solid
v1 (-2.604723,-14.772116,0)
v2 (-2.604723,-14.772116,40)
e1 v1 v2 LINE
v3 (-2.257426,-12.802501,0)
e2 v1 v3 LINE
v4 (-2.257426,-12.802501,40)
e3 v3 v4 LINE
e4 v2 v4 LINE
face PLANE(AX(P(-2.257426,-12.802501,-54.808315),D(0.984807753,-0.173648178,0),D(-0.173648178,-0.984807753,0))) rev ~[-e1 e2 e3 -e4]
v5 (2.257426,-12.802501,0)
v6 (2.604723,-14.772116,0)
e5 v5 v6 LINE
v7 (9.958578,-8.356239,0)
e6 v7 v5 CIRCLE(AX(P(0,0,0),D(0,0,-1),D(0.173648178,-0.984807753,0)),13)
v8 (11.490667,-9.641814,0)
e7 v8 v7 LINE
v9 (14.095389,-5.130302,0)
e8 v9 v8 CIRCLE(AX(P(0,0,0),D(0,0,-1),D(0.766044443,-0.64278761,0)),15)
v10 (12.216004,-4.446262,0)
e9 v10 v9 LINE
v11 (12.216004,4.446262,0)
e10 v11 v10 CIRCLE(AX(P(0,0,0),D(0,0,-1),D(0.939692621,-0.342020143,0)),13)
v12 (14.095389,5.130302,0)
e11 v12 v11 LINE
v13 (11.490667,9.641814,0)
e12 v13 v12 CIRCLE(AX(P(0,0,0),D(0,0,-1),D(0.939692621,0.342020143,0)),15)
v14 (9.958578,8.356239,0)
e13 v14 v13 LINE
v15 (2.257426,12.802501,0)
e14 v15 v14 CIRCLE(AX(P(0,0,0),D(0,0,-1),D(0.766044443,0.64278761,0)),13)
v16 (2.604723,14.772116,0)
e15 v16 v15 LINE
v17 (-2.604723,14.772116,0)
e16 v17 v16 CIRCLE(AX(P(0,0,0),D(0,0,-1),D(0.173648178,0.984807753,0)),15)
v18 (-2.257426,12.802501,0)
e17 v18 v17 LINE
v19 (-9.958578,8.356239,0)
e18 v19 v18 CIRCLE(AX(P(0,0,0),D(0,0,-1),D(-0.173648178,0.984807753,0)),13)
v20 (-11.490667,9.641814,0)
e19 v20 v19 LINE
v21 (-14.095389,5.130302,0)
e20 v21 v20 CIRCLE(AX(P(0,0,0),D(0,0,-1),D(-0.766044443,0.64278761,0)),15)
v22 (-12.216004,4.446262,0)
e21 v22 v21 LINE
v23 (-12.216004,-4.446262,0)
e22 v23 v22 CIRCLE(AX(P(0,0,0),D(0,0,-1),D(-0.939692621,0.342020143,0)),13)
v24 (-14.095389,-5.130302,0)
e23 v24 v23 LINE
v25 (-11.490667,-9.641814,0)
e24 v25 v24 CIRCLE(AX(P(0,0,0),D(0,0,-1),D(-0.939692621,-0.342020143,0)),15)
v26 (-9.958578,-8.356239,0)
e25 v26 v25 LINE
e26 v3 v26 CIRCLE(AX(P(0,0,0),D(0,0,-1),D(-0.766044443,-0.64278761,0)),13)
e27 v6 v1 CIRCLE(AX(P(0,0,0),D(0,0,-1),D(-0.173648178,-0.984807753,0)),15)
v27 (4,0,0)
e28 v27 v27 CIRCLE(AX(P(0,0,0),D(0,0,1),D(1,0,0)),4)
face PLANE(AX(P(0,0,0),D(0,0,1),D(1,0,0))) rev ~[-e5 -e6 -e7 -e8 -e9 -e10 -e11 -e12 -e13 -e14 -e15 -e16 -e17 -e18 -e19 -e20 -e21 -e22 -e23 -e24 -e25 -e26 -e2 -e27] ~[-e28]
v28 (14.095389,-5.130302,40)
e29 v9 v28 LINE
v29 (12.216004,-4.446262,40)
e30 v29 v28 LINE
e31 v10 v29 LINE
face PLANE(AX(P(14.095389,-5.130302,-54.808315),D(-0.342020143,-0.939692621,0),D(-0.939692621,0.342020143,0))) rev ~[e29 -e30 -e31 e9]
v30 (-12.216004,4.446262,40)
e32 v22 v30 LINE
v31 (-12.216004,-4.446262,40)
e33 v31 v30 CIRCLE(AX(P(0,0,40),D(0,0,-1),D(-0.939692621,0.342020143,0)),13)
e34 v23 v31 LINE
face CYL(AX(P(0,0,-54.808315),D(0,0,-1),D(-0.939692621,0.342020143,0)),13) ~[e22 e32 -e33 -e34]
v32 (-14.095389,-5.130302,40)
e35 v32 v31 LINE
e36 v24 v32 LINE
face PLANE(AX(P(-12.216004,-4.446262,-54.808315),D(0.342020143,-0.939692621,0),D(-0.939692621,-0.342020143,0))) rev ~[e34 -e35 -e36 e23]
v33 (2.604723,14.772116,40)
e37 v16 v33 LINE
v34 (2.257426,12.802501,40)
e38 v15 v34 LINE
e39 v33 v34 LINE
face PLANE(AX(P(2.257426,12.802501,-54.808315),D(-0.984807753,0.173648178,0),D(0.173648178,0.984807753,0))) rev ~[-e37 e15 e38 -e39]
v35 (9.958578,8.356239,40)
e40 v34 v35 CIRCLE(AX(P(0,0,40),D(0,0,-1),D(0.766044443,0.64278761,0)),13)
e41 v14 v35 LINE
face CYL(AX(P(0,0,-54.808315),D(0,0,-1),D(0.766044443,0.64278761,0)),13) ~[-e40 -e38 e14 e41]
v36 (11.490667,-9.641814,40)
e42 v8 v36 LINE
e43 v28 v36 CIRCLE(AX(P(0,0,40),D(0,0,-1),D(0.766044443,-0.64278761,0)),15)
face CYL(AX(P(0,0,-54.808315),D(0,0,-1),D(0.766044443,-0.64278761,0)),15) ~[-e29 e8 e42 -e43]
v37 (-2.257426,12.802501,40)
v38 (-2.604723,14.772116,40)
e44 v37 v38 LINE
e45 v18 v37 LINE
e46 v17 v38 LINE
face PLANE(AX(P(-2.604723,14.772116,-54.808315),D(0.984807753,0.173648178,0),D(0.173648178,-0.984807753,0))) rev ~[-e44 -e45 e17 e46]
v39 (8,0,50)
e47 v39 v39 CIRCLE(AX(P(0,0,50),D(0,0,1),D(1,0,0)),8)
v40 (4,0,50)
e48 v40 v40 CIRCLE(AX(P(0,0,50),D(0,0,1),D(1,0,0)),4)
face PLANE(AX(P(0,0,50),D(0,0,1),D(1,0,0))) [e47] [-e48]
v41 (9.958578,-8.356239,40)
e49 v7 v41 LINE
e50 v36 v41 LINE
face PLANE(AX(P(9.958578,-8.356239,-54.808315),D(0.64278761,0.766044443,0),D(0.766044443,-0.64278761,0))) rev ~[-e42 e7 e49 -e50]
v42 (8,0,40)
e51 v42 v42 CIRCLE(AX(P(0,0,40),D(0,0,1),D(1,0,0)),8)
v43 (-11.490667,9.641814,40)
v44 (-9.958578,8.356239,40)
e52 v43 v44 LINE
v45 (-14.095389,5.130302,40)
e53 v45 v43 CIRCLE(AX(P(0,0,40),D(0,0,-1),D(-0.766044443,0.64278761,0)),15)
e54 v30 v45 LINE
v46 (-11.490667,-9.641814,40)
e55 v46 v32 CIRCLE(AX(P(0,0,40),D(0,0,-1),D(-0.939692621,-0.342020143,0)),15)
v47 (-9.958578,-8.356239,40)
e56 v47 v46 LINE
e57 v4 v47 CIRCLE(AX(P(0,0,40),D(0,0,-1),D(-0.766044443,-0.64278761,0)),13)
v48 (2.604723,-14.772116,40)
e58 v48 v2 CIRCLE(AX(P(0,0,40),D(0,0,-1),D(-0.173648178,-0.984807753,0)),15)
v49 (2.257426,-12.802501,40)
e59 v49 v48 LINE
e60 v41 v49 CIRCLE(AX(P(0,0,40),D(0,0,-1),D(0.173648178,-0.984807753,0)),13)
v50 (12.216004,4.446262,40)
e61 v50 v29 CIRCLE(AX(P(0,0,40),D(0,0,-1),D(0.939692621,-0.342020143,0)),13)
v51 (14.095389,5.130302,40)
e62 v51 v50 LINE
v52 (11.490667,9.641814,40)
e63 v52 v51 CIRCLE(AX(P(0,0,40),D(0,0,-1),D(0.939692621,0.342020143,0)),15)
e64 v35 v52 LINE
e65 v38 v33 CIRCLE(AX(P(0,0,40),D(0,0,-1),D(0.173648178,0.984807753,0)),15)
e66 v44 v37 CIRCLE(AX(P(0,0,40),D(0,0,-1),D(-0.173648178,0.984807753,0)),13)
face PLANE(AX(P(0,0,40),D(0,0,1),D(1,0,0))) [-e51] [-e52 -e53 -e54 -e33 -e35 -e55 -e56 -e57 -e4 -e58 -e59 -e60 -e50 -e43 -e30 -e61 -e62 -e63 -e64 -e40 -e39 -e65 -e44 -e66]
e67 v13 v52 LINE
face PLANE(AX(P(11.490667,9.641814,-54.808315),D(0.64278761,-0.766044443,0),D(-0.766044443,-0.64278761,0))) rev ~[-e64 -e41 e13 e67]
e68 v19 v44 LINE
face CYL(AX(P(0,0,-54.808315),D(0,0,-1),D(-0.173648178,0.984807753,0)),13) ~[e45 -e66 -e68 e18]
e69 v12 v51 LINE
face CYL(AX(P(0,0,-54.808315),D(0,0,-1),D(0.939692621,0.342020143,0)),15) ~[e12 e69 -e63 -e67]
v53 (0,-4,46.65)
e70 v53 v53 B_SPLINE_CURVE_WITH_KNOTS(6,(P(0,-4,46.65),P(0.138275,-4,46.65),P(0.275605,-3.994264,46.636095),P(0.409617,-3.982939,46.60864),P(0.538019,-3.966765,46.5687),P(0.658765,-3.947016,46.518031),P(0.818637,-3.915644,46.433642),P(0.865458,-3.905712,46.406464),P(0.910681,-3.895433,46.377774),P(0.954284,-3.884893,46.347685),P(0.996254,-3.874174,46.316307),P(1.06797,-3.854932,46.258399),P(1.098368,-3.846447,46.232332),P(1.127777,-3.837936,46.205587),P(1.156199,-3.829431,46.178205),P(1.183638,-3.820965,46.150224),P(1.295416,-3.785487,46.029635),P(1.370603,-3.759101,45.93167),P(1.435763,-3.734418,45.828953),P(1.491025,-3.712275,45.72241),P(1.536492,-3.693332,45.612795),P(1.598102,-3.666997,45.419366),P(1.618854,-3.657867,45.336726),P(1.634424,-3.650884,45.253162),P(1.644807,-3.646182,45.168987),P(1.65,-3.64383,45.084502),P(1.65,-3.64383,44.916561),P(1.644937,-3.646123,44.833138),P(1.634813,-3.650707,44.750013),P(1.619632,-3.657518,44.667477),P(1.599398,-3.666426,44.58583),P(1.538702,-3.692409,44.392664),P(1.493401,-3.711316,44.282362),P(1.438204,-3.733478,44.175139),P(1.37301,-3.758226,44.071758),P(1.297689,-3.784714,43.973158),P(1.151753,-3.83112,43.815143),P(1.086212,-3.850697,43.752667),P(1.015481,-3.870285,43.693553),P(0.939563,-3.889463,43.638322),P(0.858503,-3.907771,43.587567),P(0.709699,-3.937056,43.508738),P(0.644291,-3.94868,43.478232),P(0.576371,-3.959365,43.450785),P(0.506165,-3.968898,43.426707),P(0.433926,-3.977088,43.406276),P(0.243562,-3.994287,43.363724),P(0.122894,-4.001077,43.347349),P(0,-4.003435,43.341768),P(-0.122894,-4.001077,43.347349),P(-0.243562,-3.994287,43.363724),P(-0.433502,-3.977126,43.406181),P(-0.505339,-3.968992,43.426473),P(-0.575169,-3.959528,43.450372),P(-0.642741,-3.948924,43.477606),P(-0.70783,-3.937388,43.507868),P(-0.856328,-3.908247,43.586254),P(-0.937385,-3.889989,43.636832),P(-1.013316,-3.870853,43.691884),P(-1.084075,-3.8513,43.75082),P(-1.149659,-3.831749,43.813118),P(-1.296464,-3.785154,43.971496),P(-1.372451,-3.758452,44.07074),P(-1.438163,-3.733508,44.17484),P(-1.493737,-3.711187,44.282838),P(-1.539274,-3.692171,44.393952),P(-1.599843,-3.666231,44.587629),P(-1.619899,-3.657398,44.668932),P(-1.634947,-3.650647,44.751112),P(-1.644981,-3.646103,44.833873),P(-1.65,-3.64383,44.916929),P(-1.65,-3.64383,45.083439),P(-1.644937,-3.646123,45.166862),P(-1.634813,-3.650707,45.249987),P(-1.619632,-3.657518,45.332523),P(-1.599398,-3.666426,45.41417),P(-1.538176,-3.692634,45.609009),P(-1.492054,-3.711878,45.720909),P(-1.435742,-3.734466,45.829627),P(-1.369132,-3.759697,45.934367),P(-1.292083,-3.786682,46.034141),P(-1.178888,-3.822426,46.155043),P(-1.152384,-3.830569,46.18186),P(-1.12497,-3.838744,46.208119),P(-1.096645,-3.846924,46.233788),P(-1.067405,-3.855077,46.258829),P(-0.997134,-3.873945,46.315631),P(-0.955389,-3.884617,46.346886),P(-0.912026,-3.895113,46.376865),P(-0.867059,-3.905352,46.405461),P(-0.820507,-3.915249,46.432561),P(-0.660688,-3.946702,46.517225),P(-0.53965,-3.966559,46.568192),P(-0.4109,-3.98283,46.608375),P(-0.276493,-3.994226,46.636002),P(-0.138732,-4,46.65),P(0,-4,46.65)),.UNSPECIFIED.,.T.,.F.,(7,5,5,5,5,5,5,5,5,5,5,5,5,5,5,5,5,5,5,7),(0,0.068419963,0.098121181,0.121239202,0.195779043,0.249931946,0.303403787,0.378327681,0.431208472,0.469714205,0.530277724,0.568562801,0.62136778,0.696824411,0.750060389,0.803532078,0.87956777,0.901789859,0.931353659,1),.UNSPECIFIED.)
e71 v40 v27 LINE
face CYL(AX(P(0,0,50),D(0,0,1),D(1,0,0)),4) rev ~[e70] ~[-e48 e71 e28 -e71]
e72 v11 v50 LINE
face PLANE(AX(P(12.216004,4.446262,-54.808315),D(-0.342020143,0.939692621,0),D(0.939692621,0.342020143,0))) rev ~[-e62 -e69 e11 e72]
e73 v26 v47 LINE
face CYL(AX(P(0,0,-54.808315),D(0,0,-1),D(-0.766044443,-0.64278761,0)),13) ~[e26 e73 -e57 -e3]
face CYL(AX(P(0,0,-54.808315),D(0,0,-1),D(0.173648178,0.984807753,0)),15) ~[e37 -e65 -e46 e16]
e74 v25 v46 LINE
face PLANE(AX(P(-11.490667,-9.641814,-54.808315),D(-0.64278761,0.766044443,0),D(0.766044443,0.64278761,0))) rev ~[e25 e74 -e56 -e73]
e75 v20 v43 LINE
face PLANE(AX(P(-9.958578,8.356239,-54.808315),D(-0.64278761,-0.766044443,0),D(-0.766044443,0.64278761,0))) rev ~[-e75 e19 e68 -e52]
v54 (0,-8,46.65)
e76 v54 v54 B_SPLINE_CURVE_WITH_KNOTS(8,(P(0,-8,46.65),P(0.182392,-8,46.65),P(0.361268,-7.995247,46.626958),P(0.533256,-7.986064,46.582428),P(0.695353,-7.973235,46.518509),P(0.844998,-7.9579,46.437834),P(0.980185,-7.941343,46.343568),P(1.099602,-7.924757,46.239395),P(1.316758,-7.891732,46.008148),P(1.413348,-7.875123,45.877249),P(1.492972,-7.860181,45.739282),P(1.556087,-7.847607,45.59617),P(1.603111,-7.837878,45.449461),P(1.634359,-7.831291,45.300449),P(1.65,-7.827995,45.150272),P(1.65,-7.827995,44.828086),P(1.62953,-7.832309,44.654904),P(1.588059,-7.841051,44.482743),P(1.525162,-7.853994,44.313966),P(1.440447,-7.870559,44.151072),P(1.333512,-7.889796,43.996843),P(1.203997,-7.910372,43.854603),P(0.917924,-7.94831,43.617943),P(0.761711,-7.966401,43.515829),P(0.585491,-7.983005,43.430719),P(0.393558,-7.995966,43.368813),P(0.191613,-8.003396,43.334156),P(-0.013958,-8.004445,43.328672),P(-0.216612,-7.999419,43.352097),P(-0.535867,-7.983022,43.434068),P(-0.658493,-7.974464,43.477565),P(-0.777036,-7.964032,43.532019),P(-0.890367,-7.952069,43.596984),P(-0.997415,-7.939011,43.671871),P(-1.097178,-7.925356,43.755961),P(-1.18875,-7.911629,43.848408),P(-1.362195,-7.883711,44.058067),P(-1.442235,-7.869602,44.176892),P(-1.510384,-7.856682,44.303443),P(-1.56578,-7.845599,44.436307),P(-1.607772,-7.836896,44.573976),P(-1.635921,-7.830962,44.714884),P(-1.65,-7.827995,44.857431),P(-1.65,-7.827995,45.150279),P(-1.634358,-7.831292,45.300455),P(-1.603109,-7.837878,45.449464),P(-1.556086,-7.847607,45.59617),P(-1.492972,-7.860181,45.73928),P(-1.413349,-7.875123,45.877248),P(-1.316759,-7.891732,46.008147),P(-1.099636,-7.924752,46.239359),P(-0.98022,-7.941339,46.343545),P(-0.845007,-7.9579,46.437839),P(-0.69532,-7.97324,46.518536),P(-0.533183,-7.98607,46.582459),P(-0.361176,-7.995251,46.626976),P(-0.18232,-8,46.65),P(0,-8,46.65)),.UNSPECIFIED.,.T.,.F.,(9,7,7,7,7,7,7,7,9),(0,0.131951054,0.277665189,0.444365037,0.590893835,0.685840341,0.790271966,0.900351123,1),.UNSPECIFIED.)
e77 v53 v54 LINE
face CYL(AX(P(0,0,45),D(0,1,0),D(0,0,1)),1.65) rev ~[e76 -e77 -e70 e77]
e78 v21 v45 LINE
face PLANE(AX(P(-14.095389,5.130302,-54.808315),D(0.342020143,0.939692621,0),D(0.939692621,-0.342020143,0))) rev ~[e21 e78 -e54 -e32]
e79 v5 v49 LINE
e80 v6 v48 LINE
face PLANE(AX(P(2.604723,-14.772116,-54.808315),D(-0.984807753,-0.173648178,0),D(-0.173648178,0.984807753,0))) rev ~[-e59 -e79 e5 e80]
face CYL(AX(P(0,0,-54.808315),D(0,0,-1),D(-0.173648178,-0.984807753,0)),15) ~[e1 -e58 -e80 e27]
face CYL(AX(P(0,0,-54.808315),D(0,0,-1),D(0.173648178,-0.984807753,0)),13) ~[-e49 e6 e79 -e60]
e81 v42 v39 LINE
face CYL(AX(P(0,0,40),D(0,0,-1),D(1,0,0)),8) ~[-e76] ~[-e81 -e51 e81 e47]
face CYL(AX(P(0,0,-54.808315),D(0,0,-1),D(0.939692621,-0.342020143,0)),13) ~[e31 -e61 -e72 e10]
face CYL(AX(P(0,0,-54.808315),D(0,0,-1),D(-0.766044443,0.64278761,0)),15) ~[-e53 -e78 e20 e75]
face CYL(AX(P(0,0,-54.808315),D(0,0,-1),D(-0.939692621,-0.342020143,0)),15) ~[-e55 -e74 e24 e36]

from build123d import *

# Parameters (mm, degrees)
ESQUISSE1_R             = 60
BOSS_EXTRU_1_DEPTH      = 40
CUT_EXTRUDE4_DEPTH      = 94.808315196
CIRPATTERN1_COUNT       = 10
SKETCH4_R               = 8
BOSS_EXTRUDE1_DEPTH     = 10
SKETCH5_R               = 4
CUT_EXTRUDE5_DEPTH      = 99.488578018
CUT_EXTRUDE6_START      = -20
CUT_EXTRUDE6_DEPTH      = 20
CIRPATTERN2_COUNT       = 15
CUT_EXTRUDE7_DEPTH      = 20
CIRPATTERN3_COUNT       = 15
CUT_EXTRUDE8_DEPTH      = 94.808315196
CUT_EXTRUDE8_DEPTH_BACK = 94.808315196
SKETCH8_OUTSIDE_W       = 157.384
SKETCH8_OUTSIDE_H       = 157.384
CUT_EXTRUDE9_REACH      = 56.071
CUT_EXTRUDE9_END_RADIUS = 8
SKETCH9_R               = 1.65


with BuildPart() as part:
    # Esquisse1 → Boss.-Extru.1 (new body)
    with BuildSketch(Plane.XY):
        Circle(ESQUISSE1_R)
    extrude(amount=BOSS_EXTRU_1_DEPTH)

    # Sketch3 → Cut-Extrude4 (cut, symmetric)
    with BuildSketch(Plane.XY):
        with BuildLine():
            Line((-3.943348831, 23.180571367), (-7.5, 44.087980221))
            ThreePointArc((-7.5, 44.087980221), (-6.481937987, 48.04148707), (-2.856459957, 49.918339681))
            ThreePointArc((-2.856459957, 49.918339681), (0, 50), (2.856459957, 49.918339681))
            ThreePointArc((2.856459957, 49.918339681), (6.481937987, 48.04148707), (7.5, 44.087980221))
            Line((7.5, 44.087980221), (3.943348831, 23.180571367))
            ThreePointArc((3.943348831, 23.180571367), (0, 19.85139176), (-3.943348831, 23.180571367))
        make_face()
    cut_extrude4 = extrude(amount=CUT_EXTRUDE4_DEPTH, both=True, mode=Mode.SUBTRACT)

    # CirPattern1: Cut-Extrude4 ×10 about axis
    cirpattern1_axis = Axis((0, 0, 0), (0, 0, 1))
    for i in range(1, CIRPATTERN1_COUNT):
        add(cut_extrude4.rotate(cirpattern1_axis, i * 360 / CIRPATTERN1_COUNT), mode=Mode.SUBTRACT)

    # Sketch4 → Boss-Extrude1 (add)
    with BuildSketch(Plane.XY.offset(40)):
        Circle(SKETCH4_R)
    extrude(amount=BOSS_EXTRUDE1_DEPTH)

    # Sketch5 → Cut-Extrude5 (cut, through all)
    with BuildSketch(Plane.XY.offset(50)):
        Circle(SKETCH5_R)
    extrude(amount=-CUT_EXTRUDE5_DEPTH, mode=Mode.SUBTRACT)

    # Sketch6 → Cut-Extrude6 (cut)
    with BuildSketch(Plane.XY.offset(40).offset(CUT_EXTRUDE6_START)):
        with BuildLine():
            Line((14.752685571, 55.057772098), (15.529142706, 57.955549577))
            ThreePointArc((15.529142706, 57.955549577), (12.986376836, 58.577760427), (10.41889066, 59.088465181))
            Line((10.41889066, 59.088465181), (9.897946127, 56.134041922))
            ThreePointArc((9.897946127, 56.134041922), (12.337057994, 55.648872406), (14.752685571, 55.057772098))
        make_face()
    cut_extrude6 = extrude(amount=CUT_EXTRUDE6_DEPTH, mode=Mode.SUBTRACT)

    # CirPattern2: Cut-Extrude6 ×15 about axis
    cirpattern2_axis = Axis((0, 0, 0), (0, 0, 1))
    for i in range(1, CIRPATTERN2_COUNT):
        add(cut_extrude6.rotate(cirpattern2_axis, i * 360 / CIRPATTERN2_COUNT), mode=Mode.SUBTRACT)

    # Sketch7 → Cut-Extrude7 (cut)
    with BuildSketch(Plane(origin=(0, 0, 0), x_dir=(-1, 0, 0), z_dir=(0, 0, -1))):
        with BuildLine():
            Line((-2.617163242, 59.942893295), (-2.48630508, 56.94574863))
            ThreePointArc((-2.48630508, 56.94574863), (0, 57), (2.48630508, 56.94574863))
            Line((2.48630508, 56.94574863), (2.617163242, 59.942893295))
            ThreePointArc((2.617163242, 59.942893295), (0, 60), (-2.617163242, 59.942893295))
        make_face()
    cut_extrude7 = extrude(amount=-CUT_EXTRUDE7_DEPTH, mode=Mode.SUBTRACT)

    # CirPattern3: Cut-Extrude7 ×15 about axis
    cirpattern3_axis = Axis((0, 0, 0), (0, 0, 1))
    for i in range(1, CIRPATTERN3_COUNT):
        add(cut_extrude7.rotate(cirpattern3_axis, i * 360 / CIRPATTERN3_COUNT), mode=Mode.SUBTRACT)

    # Sketch8 outside → Cut-Extrude8 (cut, two sides: drawn at the far end of the back side and taken through both)
    with BuildSketch(Plane.XY.offset(40).offset(-CUT_EXTRUDE8_DEPTH_BACK)):
        Rectangle(SKETCH8_OUTSIDE_W, SKETCH8_OUTSIDE_H)
        with BuildLine():
            Line((-2.604722665, 14.772116295), (-2.25742631, 12.802500789))
            ThreePointArc((-2.25742631, 12.802500789), (-6.5, 11.258330249), (-9.958577761, 8.356238926))
            Line((-9.958577761, 8.356238926), (-11.490666647, 9.641814145))
            ThreePointArc((-11.490666647, 9.641814145), (-12.990381057, 7.5), (-14.095389312, 5.13030215))
            Line((-14.095389312, 5.13030215), (-12.21600407, 4.446261863))
            ThreePointArc((-12.21600407, 4.446261863), (-13, 0), (-12.21600407, -4.446261863))
            Line((-12.21600407, -4.446261863), (-14.095389312, -5.13030215))
            ThreePointArc((-14.095389312, -5.13030215), (-12.990381057, -7.5), (-11.490666647, -9.641814145))
            Line((-11.490666647, -9.641814145), (-9.958577761, -8.356238926))
            ThreePointArc((-9.958577761, -8.356238926), (-6.5, -11.258330249), (-2.25742631, -12.802500789))
            Line((-2.25742631, -12.802500789), (-2.604722665, -14.772116295))
            ThreePointArc((-2.604722665, -14.772116295), (0, -15), (2.604722665, -14.772116295))
            Line((2.604722665, -14.772116295), (2.25742631, -12.802500789))
            ThreePointArc((2.25742631, -12.802500789), (6.5, -11.258330249), (9.958577761, -8.356238926))
            Line((9.958577761, -8.356238926), (11.490666647, -9.641814145))
            ThreePointArc((11.490666647, -9.641814145), (12.990381057, -7.5), (14.095389312, -5.13030215))
            Line((14.095389312, -5.13030215), (12.21600407, -4.446261863))
            ThreePointArc((12.21600407, -4.446261863), (13, 0), (12.21600407, 4.446261863))
            Line((12.21600407, 4.446261863), (14.095389312, 5.13030215))
            ThreePointArc((14.095389312, 5.13030215), (12.990381057, 7.5), (11.490666647, 9.641814145))
            Line((11.490666647, 9.641814145), (9.958577761, 8.356238926))
            ThreePointArc((9.958577761, 8.356238926), (6.5, 11.258330249), (2.25742631, 12.802500789))
            Line((2.25742631, 12.802500789), (2.604722665, 14.772116295))
            ThreePointArc((2.604722665, 14.772116295), (0, 15), (-2.604722665, 14.772116295))
        make_face(mode=Mode.SUBTRACT)
    extrude(amount=CUT_EXTRUDE8_DEPTH + CUT_EXTRUDE8_DEPTH_BACK, mode=Mode.SUBTRACT)

    # Cut-Extrude9: up to this cylinder (the profile starts inside it)
    cut_extrude9_end = Plane(origin=(0, 0, 45), z_dir=(0, 0, -1)) * Cylinder(CUT_EXTRUDE9_END_RADIUS, 129.142, mode=Mode.PRIVATE)
    # Sketch9 → Cut-Extrude9 (cut, up to the surface)
    with BuildSketch(Plane(origin=(0, 0, 0), x_dir=(1, 0, 0), z_dir=(0, 1, 0)), mode=Mode.PRIVATE) as cut_extrude9_sk1:
        with Locations(Location((0, -45, 0), (0, 0, 270))):
            Circle(SKETCH9_R)
    cut_extrude9_tool1 = extrude(cut_extrude9_sk1.sketch, amount=-CUT_EXTRUDE9_REACH, mode=Mode.PRIVATE) & cut_extrude9_end
    add(cut_extrude9_tool1.solids().sort_by_distance((0, 0, 45))[0], mode=Mode.SUBTRACT)


solid = part.part
